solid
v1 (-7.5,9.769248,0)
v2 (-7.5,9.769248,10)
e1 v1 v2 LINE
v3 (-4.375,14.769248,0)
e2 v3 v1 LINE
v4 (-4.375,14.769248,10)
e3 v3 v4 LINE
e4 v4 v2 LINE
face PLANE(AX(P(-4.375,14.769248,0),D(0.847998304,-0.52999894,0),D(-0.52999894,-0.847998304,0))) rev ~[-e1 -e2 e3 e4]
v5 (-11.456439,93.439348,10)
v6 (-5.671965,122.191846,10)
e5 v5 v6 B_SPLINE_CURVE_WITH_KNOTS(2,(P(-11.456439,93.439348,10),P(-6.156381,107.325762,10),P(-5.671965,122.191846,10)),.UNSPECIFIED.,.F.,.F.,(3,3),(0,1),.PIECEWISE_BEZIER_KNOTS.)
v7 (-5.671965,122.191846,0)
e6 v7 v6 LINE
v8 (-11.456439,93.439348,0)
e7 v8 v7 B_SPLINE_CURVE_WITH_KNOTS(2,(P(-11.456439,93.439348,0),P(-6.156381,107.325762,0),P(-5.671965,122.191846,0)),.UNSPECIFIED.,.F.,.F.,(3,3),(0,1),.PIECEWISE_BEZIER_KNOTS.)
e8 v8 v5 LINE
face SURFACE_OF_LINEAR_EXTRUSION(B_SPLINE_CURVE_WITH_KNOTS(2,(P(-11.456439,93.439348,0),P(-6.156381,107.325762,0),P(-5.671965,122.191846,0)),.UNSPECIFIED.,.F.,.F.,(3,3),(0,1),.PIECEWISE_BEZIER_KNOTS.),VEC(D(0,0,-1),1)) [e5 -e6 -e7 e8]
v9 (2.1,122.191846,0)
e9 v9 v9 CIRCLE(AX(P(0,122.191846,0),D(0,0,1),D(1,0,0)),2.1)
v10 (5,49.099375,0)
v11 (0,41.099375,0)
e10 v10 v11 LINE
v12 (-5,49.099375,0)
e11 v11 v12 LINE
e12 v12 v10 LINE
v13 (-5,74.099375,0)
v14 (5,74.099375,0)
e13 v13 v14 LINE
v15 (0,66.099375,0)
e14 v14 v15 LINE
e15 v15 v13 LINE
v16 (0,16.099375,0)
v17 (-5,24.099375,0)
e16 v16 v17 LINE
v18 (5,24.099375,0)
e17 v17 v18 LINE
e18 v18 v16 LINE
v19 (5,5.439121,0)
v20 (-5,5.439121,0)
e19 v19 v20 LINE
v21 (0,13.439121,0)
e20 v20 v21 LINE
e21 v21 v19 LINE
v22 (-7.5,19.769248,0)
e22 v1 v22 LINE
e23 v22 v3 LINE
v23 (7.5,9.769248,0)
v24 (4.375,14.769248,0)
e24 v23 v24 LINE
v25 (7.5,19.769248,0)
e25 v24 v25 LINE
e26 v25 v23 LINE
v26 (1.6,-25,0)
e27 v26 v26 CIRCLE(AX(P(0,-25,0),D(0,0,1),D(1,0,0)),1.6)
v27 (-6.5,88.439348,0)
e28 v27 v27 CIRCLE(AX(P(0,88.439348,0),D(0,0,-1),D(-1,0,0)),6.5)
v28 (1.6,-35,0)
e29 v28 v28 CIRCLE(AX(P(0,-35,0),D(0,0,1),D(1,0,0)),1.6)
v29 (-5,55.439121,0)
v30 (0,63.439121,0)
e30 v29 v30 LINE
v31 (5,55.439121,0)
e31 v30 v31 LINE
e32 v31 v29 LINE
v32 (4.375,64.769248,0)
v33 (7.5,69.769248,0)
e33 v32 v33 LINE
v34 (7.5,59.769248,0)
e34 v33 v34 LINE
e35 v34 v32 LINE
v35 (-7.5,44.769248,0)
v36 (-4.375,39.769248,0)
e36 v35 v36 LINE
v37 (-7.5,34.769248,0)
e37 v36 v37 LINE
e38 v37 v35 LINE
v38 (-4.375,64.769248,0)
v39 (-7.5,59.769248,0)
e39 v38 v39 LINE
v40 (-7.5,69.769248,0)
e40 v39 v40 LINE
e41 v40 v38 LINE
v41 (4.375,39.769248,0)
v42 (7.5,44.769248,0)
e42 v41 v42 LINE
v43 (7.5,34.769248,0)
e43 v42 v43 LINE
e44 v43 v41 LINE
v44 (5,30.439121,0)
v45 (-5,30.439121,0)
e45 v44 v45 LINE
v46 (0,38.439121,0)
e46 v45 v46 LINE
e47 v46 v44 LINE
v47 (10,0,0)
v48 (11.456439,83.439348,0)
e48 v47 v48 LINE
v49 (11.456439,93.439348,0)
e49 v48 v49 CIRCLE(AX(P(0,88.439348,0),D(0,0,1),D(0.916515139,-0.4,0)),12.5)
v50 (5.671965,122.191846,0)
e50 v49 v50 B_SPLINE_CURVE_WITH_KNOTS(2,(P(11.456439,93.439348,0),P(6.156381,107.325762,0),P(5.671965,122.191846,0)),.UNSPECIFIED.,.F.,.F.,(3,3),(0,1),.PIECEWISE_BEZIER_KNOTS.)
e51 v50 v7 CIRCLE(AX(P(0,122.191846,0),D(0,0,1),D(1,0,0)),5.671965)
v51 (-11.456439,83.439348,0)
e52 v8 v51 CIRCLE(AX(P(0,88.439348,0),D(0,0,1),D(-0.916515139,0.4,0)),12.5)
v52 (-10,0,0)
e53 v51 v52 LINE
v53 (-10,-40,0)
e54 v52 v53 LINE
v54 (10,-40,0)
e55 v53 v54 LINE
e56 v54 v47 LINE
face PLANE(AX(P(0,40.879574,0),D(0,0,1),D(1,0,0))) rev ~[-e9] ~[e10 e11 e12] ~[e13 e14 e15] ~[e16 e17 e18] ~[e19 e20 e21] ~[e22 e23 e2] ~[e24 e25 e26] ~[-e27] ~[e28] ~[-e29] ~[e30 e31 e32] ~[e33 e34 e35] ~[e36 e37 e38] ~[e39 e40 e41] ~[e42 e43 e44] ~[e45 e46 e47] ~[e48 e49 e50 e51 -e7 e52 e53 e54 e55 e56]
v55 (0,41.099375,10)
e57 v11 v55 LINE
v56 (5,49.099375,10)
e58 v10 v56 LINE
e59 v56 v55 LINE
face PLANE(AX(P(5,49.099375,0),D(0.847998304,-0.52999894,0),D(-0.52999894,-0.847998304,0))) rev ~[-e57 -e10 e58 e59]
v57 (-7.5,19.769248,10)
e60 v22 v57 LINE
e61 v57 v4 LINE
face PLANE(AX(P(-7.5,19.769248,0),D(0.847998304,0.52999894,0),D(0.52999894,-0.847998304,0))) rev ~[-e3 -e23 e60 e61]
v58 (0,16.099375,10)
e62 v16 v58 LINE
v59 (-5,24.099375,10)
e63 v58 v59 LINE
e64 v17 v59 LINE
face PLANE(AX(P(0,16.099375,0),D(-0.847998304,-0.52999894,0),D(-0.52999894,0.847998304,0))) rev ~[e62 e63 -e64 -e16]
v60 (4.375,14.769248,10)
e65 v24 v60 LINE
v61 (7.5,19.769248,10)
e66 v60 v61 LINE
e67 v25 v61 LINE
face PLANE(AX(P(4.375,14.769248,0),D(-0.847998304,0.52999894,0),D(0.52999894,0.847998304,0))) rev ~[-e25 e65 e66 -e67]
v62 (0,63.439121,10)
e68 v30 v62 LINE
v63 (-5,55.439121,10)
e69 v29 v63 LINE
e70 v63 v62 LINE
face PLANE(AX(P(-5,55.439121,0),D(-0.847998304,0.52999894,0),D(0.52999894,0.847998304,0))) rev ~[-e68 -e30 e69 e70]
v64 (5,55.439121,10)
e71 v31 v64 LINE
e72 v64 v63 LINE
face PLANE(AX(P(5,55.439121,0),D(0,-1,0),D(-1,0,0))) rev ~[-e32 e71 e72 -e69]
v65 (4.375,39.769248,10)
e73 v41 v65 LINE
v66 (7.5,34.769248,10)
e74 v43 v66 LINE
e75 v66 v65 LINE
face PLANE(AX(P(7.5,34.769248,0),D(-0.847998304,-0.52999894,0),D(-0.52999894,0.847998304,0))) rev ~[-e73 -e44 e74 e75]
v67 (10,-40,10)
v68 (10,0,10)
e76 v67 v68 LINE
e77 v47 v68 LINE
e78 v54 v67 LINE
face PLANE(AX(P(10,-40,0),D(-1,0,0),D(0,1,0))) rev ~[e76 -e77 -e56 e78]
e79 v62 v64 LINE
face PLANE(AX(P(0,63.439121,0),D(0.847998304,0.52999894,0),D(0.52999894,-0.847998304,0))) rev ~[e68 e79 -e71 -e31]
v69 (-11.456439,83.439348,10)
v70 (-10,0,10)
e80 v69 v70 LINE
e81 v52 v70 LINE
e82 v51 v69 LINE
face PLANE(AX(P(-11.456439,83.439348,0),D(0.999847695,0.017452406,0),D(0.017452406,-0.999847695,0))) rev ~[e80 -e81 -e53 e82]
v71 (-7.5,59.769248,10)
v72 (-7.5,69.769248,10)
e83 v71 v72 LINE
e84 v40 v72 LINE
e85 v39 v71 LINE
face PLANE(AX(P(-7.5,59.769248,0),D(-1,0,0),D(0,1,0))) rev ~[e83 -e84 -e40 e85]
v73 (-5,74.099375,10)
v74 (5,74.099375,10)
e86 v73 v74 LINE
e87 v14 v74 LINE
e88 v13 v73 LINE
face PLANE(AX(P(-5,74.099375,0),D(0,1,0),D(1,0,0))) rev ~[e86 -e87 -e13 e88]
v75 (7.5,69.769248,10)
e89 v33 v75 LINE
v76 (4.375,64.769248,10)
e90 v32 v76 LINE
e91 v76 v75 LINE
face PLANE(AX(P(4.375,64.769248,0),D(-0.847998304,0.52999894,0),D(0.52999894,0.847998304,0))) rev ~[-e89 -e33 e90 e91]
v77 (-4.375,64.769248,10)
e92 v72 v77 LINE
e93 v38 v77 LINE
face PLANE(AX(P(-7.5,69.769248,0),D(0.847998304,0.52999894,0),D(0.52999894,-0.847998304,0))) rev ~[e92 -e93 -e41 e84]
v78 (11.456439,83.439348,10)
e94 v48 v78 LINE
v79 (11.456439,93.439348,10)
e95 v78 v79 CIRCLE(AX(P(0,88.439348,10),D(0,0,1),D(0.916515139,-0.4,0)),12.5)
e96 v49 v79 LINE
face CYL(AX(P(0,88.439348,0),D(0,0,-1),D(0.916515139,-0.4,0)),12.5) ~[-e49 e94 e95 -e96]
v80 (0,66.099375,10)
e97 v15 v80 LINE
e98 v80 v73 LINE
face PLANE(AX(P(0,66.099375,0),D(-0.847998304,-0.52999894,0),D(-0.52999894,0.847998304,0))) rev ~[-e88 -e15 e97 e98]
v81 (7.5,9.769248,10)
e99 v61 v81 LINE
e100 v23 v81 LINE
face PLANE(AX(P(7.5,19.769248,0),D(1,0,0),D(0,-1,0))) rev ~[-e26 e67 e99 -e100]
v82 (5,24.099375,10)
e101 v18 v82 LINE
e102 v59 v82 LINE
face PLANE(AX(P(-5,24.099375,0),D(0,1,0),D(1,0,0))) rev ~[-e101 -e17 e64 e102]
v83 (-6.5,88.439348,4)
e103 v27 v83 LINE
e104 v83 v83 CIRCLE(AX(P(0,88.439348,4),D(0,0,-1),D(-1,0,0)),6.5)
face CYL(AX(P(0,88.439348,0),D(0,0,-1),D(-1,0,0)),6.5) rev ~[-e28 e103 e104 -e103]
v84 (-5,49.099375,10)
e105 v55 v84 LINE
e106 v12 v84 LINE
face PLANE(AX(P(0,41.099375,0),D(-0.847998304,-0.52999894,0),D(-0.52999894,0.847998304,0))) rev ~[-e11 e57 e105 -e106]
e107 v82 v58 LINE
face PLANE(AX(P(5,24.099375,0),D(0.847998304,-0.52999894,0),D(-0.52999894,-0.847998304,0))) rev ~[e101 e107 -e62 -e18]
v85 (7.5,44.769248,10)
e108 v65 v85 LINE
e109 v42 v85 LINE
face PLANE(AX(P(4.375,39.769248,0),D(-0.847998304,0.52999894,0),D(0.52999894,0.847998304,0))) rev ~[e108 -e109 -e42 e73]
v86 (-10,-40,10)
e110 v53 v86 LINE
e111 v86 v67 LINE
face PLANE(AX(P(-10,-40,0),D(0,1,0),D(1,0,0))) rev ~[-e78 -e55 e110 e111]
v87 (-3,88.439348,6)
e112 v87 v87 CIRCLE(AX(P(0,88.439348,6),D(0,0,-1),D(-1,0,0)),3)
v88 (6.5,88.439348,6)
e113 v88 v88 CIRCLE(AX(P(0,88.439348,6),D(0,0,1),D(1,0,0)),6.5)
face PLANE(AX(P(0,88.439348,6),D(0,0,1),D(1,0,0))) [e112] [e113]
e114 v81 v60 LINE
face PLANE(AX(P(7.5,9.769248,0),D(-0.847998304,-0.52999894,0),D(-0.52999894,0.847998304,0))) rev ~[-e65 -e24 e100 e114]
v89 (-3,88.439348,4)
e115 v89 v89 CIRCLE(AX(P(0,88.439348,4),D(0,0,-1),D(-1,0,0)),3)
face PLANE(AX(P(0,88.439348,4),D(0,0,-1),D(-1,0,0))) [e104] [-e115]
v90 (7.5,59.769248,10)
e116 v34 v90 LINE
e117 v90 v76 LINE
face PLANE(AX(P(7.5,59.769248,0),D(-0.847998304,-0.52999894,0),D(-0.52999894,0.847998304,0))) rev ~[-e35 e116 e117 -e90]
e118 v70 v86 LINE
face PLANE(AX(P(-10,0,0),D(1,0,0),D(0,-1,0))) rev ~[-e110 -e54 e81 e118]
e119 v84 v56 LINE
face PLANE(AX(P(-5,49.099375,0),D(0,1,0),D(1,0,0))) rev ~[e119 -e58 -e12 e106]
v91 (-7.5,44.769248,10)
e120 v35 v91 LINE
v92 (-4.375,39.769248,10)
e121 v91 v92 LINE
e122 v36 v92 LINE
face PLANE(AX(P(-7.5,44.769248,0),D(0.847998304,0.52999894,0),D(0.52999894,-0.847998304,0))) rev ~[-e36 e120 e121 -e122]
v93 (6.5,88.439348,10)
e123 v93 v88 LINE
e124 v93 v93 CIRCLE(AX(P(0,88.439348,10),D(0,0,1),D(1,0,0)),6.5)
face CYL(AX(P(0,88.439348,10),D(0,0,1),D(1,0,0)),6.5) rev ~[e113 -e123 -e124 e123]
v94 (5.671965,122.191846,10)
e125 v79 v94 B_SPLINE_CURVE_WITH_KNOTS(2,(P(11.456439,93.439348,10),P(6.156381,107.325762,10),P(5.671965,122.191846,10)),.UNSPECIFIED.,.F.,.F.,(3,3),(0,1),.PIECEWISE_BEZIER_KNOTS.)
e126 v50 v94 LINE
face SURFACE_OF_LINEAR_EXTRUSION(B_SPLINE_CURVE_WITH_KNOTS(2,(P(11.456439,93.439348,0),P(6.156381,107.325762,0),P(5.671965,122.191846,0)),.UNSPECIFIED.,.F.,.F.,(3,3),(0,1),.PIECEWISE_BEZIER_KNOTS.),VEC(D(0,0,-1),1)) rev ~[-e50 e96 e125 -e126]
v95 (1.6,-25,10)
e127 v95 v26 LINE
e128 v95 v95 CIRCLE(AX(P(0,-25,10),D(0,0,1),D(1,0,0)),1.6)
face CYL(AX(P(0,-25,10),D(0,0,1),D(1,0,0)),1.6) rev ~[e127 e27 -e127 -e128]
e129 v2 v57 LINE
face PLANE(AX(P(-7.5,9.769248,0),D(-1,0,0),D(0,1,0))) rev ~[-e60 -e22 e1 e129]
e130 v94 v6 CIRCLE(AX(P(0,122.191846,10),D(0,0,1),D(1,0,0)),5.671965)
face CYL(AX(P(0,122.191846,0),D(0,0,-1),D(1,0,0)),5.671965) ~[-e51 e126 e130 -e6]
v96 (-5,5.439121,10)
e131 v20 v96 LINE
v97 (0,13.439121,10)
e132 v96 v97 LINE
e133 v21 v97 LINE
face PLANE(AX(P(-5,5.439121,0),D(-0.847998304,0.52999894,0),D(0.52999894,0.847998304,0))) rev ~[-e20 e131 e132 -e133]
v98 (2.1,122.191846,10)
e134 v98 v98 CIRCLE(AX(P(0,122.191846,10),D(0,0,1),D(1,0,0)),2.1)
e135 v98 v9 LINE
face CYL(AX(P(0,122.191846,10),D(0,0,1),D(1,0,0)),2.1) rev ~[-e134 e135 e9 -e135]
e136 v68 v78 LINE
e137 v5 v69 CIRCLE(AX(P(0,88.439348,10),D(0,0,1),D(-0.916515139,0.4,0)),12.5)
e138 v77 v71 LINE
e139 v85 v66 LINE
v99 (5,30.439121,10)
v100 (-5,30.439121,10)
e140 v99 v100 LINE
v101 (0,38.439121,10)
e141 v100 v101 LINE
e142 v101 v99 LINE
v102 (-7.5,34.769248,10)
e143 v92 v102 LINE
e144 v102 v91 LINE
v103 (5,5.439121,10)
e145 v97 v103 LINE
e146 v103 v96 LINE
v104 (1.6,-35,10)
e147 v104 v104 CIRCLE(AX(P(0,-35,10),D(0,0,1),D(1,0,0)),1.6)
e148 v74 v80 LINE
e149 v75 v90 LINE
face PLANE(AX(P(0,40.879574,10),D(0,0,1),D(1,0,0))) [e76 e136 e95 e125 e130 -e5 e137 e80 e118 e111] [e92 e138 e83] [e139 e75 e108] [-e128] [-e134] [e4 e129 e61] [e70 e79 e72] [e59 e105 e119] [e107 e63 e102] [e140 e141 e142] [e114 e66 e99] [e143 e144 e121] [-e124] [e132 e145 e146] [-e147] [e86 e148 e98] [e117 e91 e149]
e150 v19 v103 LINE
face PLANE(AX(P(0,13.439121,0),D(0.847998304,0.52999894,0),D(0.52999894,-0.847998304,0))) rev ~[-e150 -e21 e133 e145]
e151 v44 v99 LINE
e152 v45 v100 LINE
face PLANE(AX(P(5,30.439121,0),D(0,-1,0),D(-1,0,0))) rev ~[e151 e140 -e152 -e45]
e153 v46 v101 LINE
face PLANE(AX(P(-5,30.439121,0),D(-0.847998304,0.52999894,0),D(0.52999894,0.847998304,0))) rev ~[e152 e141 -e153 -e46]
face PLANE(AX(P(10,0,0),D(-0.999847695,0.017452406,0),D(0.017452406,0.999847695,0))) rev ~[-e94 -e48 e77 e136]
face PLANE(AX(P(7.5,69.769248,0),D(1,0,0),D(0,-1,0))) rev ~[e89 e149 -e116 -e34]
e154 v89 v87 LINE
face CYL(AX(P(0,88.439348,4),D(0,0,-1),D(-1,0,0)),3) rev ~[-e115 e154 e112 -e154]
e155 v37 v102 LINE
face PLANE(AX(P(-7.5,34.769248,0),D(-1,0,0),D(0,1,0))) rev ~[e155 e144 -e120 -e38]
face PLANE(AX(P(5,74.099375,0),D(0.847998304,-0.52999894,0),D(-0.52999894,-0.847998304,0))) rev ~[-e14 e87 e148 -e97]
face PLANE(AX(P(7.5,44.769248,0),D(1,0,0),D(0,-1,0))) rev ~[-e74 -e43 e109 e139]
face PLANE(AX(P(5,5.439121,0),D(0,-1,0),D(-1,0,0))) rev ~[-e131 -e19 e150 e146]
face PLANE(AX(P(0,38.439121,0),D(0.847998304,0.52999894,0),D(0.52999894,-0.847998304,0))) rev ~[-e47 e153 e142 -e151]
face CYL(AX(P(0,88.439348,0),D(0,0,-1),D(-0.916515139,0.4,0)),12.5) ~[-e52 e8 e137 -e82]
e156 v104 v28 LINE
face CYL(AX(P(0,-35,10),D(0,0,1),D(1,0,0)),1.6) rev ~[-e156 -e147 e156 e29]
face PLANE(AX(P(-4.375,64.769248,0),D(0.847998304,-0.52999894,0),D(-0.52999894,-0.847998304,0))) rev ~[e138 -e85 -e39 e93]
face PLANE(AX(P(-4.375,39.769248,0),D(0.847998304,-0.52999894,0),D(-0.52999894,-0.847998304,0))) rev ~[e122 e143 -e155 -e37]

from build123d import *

# Parameters (mm, degrees)
BOSS_EXTRUDE1_DEPTH = 10
SKETCH2_R           = 2.1
SKETCH2_R_2         = 6.5
CUT_EXTRUDE1_DEPTH  = 4
SKETCH3_R           = 6.5
CUT_EXTRUDE2_DEPTH  = 4
SKETCH4_R           = 3
CUT_EXTRUDE3_DEPTH  = 7.0000001
SKETCH7_R           = 1.6
CUT_EXTRUDE6_DEPTH  = 11.0000001
SKETCH8_R           = 2.1
CUT_EXTRUDE7_DEPTH  = 11.0000001


with BuildPart() as part:
    # Sketch1 → Boss-Extrude1 (new body)
    with BuildSketch(Plane.XY):
        with BuildLine():
            Line((10, 0), (11.456439237, 83.439348028))
            ThreePointArc((11.456439237, 83.439348028), (12.5, 88.439348028), (11.456439237, 93.439348028))
            add(Edge.make_bspline(
                [(11.456439237, 93.439348028), (6.1563812, 107.325761573), (5.671965352, 122.191845585)],
                knots=[0, 0, 0, 1, 1, 1], degree=2))
            ThreePointArc((5.671965352, 122.191845585), (0, 127.863810938), (-5.671965352, 122.191845585))
            add(Edge.make_bspline(
                [(-11.456439237, 93.439348028), (-6.1563812, 107.325761573), (-5.671965352, 122.191845585)],
                knots=[0, 0, 0, 1, 1, 1], degree=2))
            ThreePointArc((-11.456439237, 93.439348028), (-12.5, 88.439348028), (-11.456439237, 83.439348028))
            Line((-11.456439237, 83.439348028), (-10, 0))
            Line((-10, 0), (-10, -40))
            Line((-10, -40), (10, -40))
            Line((10, -40), (10, 0))
        make_face()
        Polygon((-7.5, 19.769248097), (-4.375, 14.769248097), (-7.5, 9.769248097), align=None, mode=Mode.SUBTRACT)
        Polygon((-7.5, 44.769248097), (-4.375, 39.769248097), (-7.5, 34.769248097), align=None, mode=Mode.SUBTRACT)
        Polygon((-5, 5.439121078), (0, 13.439121078), (5, 5.439121078), align=None, mode=Mode.SUBTRACT)
        Polygon((0, 16.099375116), (-5, 24.099375116), (5, 24.099375116), align=None, mode=Mode.SUBTRACT)
        Polygon((7.5, 19.769248097), (7.5, 9.769248097), (4.375, 14.769248097), align=None, mode=Mode.SUBTRACT)
        Polygon((-5, 30.439121078), (0, 38.439121078), (5, 30.439121078), align=None, mode=Mode.SUBTRACT)
        Polygon((7.5, 44.769248097), (7.5, 34.769248097), (4.375, 39.769248097), align=None, mode=Mode.SUBTRACT)
        Polygon((-7.5, 69.769248097), (-4.375, 64.769248097), (-7.5, 59.769248097), align=None, mode=Mode.SUBTRACT)
        Polygon((5, 55.439121078), (-5, 55.439121078), (0, 63.439121078), align=None, mode=Mode.SUBTRACT)
        Polygon((0, 66.099375116), (-5, 74.099375116), (5, 74.099375116), align=None, mode=Mode.SUBTRACT)
        Polygon((0, 41.099375116), (-5, 49.099375116), (5, 49.099375116), align=None, mode=Mode.SUBTRACT)
        Polygon((4.375, 64.769248097), (7.5, 69.769248097), (7.5, 59.769248097), align=None, mode=Mode.SUBTRACT)
    extrude(amount=BOSS_EXTRUDE1_DEPTH)

    # Sketch2 → Cut-Extrude1 (cut)
    with BuildSketch(Plane.XY.offset(10)):
        with Locations((0, 122.191845585)):
            Circle(SKETCH2_R)
        with Locations((0, 88.439348028)):
            Circle(SKETCH2_R_2)
    extrude(amount=-CUT_EXTRUDE1_DEPTH, mode=Mode.SUBTRACT)

    # Sketch3 → Cut-Extrude2 (cut)
    with BuildSketch(Plane(origin=(0, 0, 0), x_dir=(-1, 0, 0), z_dir=(0, 0, -1))):
        with Locations((0, 88.439348028)):
            Circle(SKETCH3_R)
    extrude(amount=-CUT_EXTRUDE2_DEPTH, mode=Mode.SUBTRACT)

    # Sketch4 → Cut-Extrude3 (cut, through all)
    with BuildSketch(Plane(origin=(0, 0, 4), x_dir=(-1, 0, 0), z_dir=(0, 0, -1))):
        with Locations((0, 88.439348028)):
            Circle(SKETCH4_R)
    extrude(amount=-CUT_EXTRUDE3_DEPTH, mode=Mode.SUBTRACT)

    # Sketch7 → Cut-Extrude6 (cut, through all)
    with BuildSketch(Plane.XY.offset(10)):
        with Locations((0, -25)):
            Circle(SKETCH7_R)
        with Locations((0, -35)):
            Circle(SKETCH7_R)
    extrude(amount=-CUT_EXTRUDE6_DEPTH, mode=Mode.SUBTRACT)

    # Sketch8 → Cut-Extrude7 (cut, through all)
    with BuildSketch(Plane.XY.offset(10)):
        with Locations((0, 122.191845585)):
            Circle(SKETCH8_R)
    extrude(amount=-CUT_EXTRUDE7_DEPTH, mode=Mode.SUBTRACT)


solid = part.part
